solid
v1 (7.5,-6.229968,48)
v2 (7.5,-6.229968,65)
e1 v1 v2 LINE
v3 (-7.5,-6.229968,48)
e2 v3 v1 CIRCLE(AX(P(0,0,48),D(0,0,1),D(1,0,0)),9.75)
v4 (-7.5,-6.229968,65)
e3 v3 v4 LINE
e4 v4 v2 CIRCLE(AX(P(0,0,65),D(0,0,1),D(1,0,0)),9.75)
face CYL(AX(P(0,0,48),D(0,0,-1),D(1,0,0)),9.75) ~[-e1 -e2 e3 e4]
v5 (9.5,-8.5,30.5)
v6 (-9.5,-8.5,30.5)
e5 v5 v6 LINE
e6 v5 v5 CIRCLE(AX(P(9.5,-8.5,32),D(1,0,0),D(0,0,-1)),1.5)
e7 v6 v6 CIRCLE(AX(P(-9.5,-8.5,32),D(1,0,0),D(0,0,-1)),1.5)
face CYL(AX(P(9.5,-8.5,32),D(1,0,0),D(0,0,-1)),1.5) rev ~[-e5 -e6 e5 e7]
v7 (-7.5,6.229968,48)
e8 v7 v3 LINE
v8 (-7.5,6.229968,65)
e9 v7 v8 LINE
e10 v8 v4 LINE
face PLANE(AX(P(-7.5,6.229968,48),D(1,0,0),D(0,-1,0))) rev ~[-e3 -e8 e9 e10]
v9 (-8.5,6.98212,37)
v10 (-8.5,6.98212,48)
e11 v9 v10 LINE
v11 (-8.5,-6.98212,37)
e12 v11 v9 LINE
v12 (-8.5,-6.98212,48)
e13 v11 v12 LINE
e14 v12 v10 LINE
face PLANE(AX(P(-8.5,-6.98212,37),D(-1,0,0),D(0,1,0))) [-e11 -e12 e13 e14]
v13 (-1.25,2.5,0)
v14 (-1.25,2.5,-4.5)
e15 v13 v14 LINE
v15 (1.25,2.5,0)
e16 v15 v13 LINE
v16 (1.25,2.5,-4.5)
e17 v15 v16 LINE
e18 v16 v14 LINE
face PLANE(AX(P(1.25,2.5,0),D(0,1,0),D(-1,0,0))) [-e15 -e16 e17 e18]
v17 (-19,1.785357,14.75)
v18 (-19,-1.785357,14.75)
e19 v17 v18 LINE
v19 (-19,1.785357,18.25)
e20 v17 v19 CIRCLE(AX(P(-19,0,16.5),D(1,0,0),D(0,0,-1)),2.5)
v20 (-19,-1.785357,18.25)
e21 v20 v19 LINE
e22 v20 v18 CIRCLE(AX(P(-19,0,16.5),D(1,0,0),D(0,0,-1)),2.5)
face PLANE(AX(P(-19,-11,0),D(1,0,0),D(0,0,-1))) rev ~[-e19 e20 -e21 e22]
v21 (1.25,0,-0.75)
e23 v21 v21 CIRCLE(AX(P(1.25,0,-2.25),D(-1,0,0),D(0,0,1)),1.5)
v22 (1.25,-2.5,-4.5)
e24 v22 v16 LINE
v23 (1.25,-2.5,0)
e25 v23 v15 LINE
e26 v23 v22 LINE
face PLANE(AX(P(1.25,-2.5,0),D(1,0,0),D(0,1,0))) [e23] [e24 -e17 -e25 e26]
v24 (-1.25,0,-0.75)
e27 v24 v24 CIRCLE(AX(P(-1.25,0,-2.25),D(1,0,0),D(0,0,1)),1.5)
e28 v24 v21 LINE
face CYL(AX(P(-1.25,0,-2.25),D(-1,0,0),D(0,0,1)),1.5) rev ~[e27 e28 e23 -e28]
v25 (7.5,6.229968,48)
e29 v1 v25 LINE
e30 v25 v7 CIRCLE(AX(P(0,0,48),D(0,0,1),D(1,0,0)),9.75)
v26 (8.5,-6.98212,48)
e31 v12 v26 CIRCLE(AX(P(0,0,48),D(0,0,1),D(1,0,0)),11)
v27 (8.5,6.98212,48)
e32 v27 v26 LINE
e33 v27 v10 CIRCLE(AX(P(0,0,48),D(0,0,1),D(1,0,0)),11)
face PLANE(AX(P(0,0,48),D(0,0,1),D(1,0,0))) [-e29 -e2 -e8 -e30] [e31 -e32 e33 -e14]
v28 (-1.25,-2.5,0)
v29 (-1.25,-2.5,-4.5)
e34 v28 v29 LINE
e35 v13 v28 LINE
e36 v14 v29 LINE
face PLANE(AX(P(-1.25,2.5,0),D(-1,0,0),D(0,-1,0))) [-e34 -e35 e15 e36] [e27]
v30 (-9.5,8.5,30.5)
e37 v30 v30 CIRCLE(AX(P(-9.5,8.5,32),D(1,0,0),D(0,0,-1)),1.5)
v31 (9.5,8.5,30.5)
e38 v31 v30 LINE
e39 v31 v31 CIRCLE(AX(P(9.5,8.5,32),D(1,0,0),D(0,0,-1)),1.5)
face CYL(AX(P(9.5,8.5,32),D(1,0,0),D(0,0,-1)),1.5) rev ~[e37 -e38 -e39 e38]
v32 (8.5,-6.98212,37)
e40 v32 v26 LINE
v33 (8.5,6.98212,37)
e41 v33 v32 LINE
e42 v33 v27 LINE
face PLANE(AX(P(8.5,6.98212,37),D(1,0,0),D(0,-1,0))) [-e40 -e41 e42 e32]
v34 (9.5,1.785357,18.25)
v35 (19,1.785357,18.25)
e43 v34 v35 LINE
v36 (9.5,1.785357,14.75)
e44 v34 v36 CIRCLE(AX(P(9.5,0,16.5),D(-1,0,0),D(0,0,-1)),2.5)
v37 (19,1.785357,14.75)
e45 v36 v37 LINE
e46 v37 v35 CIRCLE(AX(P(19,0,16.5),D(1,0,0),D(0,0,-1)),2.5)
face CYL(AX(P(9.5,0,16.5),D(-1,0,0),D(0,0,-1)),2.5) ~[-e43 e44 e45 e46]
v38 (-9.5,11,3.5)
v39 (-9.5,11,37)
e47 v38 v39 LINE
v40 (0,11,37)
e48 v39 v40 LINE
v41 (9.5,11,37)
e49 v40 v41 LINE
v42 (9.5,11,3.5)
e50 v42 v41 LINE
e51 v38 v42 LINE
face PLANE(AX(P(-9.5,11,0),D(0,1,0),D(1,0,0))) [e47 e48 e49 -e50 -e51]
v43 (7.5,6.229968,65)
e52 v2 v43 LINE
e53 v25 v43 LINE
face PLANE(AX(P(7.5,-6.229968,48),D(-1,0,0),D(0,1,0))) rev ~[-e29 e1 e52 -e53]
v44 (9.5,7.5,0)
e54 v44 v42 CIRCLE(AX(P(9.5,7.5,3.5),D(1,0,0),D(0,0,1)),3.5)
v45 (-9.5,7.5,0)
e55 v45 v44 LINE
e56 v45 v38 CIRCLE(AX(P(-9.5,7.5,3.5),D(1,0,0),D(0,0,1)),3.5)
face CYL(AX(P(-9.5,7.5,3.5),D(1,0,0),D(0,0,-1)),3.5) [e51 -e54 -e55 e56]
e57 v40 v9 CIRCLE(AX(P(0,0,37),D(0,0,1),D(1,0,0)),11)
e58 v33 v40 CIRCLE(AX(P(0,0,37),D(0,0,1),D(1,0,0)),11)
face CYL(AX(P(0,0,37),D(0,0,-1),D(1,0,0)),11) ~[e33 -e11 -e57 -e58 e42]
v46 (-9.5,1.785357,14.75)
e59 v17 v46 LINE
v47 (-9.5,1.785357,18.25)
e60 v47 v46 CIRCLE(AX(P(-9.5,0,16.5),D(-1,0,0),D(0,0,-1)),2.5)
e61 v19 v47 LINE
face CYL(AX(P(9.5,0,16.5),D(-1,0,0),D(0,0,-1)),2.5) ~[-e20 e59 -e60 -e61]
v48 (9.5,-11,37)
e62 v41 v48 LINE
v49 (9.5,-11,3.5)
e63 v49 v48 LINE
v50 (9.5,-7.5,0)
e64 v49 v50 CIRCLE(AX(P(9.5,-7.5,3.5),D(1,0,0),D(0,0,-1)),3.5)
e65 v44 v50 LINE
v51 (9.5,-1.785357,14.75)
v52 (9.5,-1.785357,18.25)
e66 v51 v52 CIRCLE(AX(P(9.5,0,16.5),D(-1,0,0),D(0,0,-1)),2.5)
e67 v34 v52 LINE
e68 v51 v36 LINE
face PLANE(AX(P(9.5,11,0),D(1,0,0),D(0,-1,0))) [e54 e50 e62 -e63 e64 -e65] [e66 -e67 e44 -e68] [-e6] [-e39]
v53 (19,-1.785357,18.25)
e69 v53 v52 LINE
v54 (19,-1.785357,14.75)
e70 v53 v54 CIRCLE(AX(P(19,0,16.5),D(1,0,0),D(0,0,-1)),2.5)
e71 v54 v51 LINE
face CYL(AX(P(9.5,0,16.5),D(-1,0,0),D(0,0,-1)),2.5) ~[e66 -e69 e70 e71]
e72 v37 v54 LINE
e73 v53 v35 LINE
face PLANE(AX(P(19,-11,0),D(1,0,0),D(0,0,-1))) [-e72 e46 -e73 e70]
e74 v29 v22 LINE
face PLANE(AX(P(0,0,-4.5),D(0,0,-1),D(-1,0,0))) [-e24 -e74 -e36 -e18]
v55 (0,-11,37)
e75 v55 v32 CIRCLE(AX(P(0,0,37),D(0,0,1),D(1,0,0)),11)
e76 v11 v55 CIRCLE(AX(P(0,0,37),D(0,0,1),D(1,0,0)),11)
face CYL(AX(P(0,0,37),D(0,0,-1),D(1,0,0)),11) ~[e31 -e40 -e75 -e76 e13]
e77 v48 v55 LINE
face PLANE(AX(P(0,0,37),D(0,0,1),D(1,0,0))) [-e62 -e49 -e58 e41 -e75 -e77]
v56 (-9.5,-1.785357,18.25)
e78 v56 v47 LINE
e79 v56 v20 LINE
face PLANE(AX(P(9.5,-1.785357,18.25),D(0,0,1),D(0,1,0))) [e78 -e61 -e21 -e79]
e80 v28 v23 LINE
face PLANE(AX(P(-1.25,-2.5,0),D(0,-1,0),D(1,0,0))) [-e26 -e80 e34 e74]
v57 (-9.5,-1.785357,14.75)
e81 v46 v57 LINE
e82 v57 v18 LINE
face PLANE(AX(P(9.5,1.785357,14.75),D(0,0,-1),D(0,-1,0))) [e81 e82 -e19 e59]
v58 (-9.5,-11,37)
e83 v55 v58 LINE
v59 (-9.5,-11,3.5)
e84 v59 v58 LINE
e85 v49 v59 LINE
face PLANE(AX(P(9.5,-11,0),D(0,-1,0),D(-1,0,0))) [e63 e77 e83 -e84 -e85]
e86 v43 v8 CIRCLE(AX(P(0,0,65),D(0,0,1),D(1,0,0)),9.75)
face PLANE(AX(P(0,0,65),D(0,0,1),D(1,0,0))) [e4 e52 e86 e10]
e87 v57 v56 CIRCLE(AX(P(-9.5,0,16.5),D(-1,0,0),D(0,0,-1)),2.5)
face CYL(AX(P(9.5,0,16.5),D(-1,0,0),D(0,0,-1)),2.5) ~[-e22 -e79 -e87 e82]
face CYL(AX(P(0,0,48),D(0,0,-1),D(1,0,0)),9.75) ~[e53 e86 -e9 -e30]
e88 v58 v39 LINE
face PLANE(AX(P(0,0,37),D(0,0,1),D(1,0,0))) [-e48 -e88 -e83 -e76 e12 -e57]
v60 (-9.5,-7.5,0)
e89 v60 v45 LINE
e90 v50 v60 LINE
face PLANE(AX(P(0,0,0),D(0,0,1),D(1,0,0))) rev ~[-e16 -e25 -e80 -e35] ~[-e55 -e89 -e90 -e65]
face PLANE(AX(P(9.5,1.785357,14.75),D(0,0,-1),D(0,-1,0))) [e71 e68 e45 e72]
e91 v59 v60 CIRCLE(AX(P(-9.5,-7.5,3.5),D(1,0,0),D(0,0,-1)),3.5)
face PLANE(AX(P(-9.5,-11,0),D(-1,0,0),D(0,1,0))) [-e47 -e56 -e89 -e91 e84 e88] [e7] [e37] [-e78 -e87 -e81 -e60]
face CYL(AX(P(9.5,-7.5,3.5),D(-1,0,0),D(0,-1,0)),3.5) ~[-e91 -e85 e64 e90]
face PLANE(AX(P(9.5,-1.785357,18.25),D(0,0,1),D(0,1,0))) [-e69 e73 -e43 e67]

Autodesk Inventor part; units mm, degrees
ref_plane "YZ Plane" through (0, 0, 0) normal (1, 0, 0) x (0, 1, 0)
ref_plane "XZ Plane" through (0, 0, 0) normal (0, 1, 0) x (-1, 0, 0)
ref_plane "XY Plane" through (0, 0, 0) normal (0, 0, 1) x (1, 0, 0)
sketch "Эскиз1" plane through (0, 0, 0) normal (0, 0, 1) x (1, 0, 0)
  line L0 (9.5, -11) -> (-9.5, -11)
  line L1 (-9.5, -11) -> (-9.5, 11)
  line L2 (-9.5, 11) -> (9.5, 11)
  line L3 (9.5, 11) -> (9.5, -11)
  line L4 (9.5, -11) -> (-9.5, 11) construction
  line L5 (-9.5, -11) -> (9.5, 11) construction
  point P0 (0, 0)
  dimension "d0" = 19
  dimension "d1" = 22
extrude "Выдавливание1" add sketch "Эскиз1" along normal blind 37
sketch "Эскиз2" plane through (0, 0, 37) normal (0, 0, 1) x (1, 0, 0)
  circle A0 centre (0, 0) radius 11
  line L0 (8.5, -20.0649) -> (-8.5, -20.0649)
  line L1 (-8.5, -20.0649) -> (-8.5, 20.0649)
  line L2 (-8.5, 20.0649) -> (8.5, 20.0649)
  line L3 (8.5, 20.0649) -> (8.5, -20.0649)
  line L4 (8.5, -20.0649) -> (-8.5, 20.0649) construction
  line L5 (-8.5, -20.0649) -> (8.5, 20.0649) construction
  point P0 (8.5, -6.9821)
  point P1 (8.5, 6.9821)
  point P2 (-8.5, 6.9821)
  point P3 (-8.5, -6.9821)
  dimension "d4" = 22
  dimension "d5" = 17
extrude "Выдавливание2" add sketch "Эскиз2" along normal blind 11 contours L3 A0 L1
sketch "Эскиз3" plane through (9.5, -11, 0) normal (1, 0, 0) x (0, 0, -1)
  circle A0 centre (-32, 19.5) radius 1.5
  line L0 (-37, 0) -> (-37, 22) projected
  line L1 (0, 22) -> (-37, 22) projected
  line L2 (-37, 4.0179) -> (-37, 17.9821) projected
  line L3 (-37, 11) -> (0, 11)
  line L4 (0, 0) -> (0, 22) projected
  circle A1 centre (-32, 2.5) radius 1.5
  dimension "d8" = 3
  dimension "d9" = 5
  dimension "d10" = 2.5
extrude "Выдавливание3" cut sketch "Эскиз3" against normal through all contours A0 | A1
sketch "Эскиз4" plane through (9.5, -11, 0) normal (1, 0, 0) x (0, 0, -1)
  circle A0 centre (-16.5, 11) radius 2.5
  line L0 (0, 0) -> (0, 22) projected
  line L1 (0, 0) -> (-37, 0) projected
  line L2 (-14.75, 6.8216) -> (-18.25, 6.8216)
  line L3 (-18.25, 6.8216) -> (-18.25, 15.1784)
  line L4 (-18.25, 15.1784) -> (-14.75, 15.1784)
  line L5 (-14.75, 15.1784) -> (-14.75, 6.8216)
  line L6 (-14.75, 6.8216) -> (-18.25, 15.1784) construction
  line L7 (-18.25, 6.8216) -> (-14.75, 15.1784) construction
  point P0 (0, 11)
  point P1 (-14.75, 9.2146)
  point P2 (-14.75, 12.7854)
  point P3 (-18.25, 12.7854)
  point P4 (-18.25, 9.2146)
  dimension "d13" = 5
  dimension "d14" = 16.5
  dimension "d15" = 11
  dimension "d16" = 3.5
extrude "Выдавливание4" add sketch "Эскиз4" along normal blind 9.5 and the other way blind 28.5 contours L5 A0 L3
sketch "Эскиз5" plane through (0, 0, 48) normal (0, 0, 1) x (1, 0, 0)
  circle A0 centre (0, 0) radius 9.75
  line L0 (7.5, 17.2473) -> (-7.5, 17.2473)
  line L1 (-7.5, 17.2473) -> (-7.5, -17.2473)
  line L2 (-7.5, -17.2473) -> (7.5, -17.2473)
  line L3 (7.5, -17.2473) -> (7.5, 17.2473)
  line L4 (7.5, 17.2473) -> (-7.5, -17.2473) construction
  line L5 (-7.5, 17.2473) -> (7.5, -17.2473) construction
  point P0 (7.5, -6.23)
  point P1 (7.5, 6.23)
  point P2 (-7.5, 6.23)
  point P3 (-7.5, -6.23)
  dimension "d21" = 19.5
  dimension "d22" = 15
extrude "Выдавливание5" add sketch "Эскиз5" along normal blind 17 contours L3 A0 L1
fillet "Сопряжение1" radius 3.5 2 edges at (0, -11, 0) (0, 11, 0)
sketch "Эскиз6" plane through (0, 0, 0) normal (0, 0, -1) x (-1, 0, 0)
  line L0 (-1.25, 2.5) -> (1.25, 2.5)
  line L1 (1.25, 2.5) -> (1.25, -2.5)
  line L2 (1.25, -2.5) -> (-1.25, -2.5)
  line L3 (-1.25, -2.5) -> (-1.25, 2.5)
  line L4 (-1.25, 2.5) -> (1.25, -2.5) construction
  line L5 (1.25, 2.5) -> (-1.25, -2.5) construction
  point P0 (0, 0)
  dimension "d26" = 2.5
  dimension "d27" = 5
extrude "Выдавливание6" add sketch "Эскиз6" along normal blind 4.5
sketch "Эскиз7" plane through (-1.25, -2.5, 0) normal (-1, 0, 0) x (0, 0, 1)
  line L0 (0, 0) -> (-4.5, 0) projected
  line L1 (0, 5) -> (-4.5, 5) projected
  line L2 (-4.5, 0) -> (-4.5, 5) projected
  line L3 (-4.5, 2.5) -> (0, 2.5)
  circle A0 centre (-2.25, 2.5) radius 1.5
  dimension "d31" = 3
extrude "Выдавливание7" cut sketch "Эскиз7" against normal through all
properties part number "мотор лол"
